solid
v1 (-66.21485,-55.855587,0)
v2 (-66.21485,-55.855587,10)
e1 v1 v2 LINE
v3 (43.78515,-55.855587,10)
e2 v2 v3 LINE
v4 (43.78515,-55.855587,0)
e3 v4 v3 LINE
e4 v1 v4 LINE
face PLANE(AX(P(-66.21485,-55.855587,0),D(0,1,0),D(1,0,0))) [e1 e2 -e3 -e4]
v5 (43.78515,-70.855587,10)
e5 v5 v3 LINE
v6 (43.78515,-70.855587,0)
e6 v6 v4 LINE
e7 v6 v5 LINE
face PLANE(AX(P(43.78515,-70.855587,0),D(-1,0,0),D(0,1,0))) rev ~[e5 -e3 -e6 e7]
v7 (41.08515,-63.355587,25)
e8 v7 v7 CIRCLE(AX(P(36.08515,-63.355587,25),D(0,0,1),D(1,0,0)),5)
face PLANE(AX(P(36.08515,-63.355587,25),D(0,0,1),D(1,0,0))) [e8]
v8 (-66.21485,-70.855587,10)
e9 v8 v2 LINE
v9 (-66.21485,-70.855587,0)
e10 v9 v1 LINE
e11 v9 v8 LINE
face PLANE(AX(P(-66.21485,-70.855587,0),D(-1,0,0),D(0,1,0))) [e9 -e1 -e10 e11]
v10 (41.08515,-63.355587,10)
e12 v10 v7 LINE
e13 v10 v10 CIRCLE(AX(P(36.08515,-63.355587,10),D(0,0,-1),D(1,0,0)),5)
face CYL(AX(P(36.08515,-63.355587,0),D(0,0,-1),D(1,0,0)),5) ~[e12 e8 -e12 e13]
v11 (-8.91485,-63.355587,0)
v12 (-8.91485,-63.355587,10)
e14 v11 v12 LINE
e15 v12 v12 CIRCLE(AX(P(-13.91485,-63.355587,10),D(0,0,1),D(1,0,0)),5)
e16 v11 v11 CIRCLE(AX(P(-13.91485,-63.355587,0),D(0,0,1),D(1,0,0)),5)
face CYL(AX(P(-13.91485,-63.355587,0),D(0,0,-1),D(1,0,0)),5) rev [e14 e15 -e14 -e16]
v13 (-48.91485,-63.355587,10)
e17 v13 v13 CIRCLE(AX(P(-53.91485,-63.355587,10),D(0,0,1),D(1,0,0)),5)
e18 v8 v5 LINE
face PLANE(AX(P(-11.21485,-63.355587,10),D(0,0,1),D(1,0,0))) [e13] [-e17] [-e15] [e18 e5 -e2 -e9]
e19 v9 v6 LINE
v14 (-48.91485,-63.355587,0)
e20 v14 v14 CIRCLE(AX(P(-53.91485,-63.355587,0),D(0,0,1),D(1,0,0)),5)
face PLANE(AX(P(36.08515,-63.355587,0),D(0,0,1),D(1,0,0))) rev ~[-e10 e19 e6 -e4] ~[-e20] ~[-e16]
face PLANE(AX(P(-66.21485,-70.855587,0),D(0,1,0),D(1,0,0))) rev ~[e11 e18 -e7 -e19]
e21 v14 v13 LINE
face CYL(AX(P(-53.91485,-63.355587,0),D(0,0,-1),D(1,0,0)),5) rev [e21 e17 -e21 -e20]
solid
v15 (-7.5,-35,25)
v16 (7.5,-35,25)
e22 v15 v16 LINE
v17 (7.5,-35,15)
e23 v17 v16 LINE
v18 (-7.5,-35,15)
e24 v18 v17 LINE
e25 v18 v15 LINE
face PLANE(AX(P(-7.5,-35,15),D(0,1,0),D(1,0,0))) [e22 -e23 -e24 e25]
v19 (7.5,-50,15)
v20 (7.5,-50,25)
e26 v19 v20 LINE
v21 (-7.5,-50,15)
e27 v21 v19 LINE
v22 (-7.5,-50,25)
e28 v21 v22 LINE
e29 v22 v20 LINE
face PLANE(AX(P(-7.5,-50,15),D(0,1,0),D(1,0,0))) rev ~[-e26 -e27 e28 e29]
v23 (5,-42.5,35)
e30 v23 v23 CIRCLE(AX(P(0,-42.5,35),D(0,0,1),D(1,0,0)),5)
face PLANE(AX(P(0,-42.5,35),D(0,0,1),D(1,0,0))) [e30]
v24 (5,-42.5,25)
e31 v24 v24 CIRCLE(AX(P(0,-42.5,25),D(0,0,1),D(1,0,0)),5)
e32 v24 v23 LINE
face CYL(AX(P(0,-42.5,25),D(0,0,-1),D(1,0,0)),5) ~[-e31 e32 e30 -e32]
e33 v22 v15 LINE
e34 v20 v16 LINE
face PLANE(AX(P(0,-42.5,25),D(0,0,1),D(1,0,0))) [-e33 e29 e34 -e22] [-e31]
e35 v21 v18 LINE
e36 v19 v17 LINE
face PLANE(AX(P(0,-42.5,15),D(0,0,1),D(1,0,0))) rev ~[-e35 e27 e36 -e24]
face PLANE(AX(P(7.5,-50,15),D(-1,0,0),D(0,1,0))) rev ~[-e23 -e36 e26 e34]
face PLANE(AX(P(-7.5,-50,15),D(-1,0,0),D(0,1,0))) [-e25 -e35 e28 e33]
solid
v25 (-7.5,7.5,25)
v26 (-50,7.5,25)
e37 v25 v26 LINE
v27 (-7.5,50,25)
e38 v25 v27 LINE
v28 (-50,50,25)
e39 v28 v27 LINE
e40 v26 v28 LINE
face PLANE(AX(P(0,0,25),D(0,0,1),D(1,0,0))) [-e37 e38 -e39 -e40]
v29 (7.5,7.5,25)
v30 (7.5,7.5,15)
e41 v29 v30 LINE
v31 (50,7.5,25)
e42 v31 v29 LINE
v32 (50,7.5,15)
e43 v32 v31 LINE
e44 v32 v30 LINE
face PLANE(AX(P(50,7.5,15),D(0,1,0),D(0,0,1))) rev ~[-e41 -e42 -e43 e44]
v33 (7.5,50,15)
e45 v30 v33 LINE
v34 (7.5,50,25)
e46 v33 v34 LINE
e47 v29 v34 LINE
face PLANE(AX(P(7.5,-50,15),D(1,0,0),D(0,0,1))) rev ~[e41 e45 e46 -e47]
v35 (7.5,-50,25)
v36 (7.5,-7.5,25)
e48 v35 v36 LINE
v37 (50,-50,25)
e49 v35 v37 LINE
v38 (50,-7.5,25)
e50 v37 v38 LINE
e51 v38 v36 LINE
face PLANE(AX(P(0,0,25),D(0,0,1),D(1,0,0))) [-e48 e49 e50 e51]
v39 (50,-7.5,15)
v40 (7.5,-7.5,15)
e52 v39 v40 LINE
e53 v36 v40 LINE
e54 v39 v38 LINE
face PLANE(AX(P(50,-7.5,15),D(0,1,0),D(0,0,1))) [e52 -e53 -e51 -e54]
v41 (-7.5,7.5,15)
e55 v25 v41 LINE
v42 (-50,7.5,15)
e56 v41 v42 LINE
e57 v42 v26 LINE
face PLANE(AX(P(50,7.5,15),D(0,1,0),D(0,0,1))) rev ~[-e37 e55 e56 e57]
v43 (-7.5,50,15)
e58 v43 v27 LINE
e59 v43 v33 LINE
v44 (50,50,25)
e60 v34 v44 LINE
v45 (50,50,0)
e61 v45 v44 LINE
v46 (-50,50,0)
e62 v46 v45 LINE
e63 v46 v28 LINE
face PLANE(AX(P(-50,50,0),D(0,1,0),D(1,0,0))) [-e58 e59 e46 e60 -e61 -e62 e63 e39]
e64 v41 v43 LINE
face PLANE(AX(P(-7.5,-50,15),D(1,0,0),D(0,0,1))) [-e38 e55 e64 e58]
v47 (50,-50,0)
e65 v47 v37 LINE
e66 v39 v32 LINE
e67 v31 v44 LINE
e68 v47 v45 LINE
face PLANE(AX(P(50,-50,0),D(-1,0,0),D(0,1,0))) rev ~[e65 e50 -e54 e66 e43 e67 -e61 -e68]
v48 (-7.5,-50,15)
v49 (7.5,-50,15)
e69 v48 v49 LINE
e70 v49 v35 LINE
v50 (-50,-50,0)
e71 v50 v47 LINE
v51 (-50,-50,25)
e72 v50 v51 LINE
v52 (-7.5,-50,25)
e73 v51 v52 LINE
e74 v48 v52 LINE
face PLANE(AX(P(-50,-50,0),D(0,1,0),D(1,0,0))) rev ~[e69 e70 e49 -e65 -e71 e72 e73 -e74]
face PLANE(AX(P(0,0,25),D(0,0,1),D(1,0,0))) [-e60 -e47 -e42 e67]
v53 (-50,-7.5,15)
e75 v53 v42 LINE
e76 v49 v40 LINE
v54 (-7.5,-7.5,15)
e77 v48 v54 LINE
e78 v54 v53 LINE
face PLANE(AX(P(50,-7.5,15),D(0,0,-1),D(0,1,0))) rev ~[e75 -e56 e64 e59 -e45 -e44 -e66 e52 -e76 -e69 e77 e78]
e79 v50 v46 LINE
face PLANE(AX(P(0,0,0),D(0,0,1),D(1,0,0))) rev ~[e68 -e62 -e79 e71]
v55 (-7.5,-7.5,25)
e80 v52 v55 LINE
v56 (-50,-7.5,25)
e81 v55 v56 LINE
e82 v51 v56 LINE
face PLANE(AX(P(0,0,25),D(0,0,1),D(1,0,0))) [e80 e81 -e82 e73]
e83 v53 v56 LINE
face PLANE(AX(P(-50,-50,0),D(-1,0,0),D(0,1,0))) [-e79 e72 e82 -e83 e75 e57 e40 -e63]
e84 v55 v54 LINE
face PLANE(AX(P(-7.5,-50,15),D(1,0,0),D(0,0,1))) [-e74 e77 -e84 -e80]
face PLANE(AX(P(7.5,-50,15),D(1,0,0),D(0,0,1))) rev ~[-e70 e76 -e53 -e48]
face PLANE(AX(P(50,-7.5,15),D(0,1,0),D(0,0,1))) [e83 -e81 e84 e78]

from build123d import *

# Parameters (mm, degrees)
F0_W      = 100
F0_H      = 100
F1_DEPTH  = 25
F2_W      = 15
F2_H      = 20
F3_DEPTH  = 100
F4_W      = 15
F4_H      = 20
F5_DEPTH  = 100
F6_W      = 15
F6_H      = 15
F7_DEPTH  = 10
F8_R      = 5
F9_DEPTH  = 10
F10_W     = 110
F10_H     = 15
F10_R     = 5
F11_DEPTH = 10
F12_DEPTH = 25


with BuildPart() as f1:
    # F0 (on Top) → F1 (new body)
    with BuildSketch(Plane.XY):
        Rectangle(F0_W, F0_H)
    extrude(amount=F1_DEPTH)

    # F2 (on face) → F3 (cut)
    with BuildSketch(Plane.YZ.offset(50)):
        with Locations((0, 25)):
            Rectangle(F2_W, F2_H)
    extrude(amount=-F3_DEPTH, mode=Mode.SUBTRACT)

    # F4 (on face) → F5 (cut)
    with BuildSketch(Plane.XZ.offset(50)):
        with Locations((0, 25)):
            Rectangle(F4_W, F4_H)
    extrude(amount=-F5_DEPTH, mode=Mode.SUBTRACT)


with BuildPart() as f7:
    # F6 (on face) → F7 (new body)
    with BuildSketch(Plane.XY.offset(15)):
        with Locations((0, -42.5)):
            Rectangle(F6_W, F6_H)
    extrude(amount=F7_DEPTH)

    # F8 (on face) → F9 (join)
    with BuildSketch(Plane.XY.offset(25)):
        with Locations((0, -42.5)):
            Circle(F8_R)
    extrude(amount=F9_DEPTH)


with BuildPart() as f11:
    # F10 (on Top) → F11 (new body)
    with BuildSketch(Plane.XY):
        with Locations((-11.21485, -63.355587)):
            Rectangle(F10_W, F10_H)
        with Locations((-13.91485, -63.355587)):
            Circle(F10_R, mode=Mode.SUBTRACT)
        with Locations((-53.91485, -63.355587)):
            Circle(F10_R, mode=Mode.SUBTRACT)
        with Locations((36.08515, -63.355587)):
            Circle(F10_R, mode=Mode.SUBTRACT)
        with Locations((36.08515, -63.355587)):
            Circle(F10_R)
    extrude(amount=F11_DEPTH)

    # F10 (on Top) → F12 (join)
    with BuildSketch(Plane.XY):
        with Locations((36.08515, -63.355587)):
            Circle(F10_R)
    extrude(amount=F12_DEPTH)


solid = Compound([f1.part, f7.part, f11.part])
